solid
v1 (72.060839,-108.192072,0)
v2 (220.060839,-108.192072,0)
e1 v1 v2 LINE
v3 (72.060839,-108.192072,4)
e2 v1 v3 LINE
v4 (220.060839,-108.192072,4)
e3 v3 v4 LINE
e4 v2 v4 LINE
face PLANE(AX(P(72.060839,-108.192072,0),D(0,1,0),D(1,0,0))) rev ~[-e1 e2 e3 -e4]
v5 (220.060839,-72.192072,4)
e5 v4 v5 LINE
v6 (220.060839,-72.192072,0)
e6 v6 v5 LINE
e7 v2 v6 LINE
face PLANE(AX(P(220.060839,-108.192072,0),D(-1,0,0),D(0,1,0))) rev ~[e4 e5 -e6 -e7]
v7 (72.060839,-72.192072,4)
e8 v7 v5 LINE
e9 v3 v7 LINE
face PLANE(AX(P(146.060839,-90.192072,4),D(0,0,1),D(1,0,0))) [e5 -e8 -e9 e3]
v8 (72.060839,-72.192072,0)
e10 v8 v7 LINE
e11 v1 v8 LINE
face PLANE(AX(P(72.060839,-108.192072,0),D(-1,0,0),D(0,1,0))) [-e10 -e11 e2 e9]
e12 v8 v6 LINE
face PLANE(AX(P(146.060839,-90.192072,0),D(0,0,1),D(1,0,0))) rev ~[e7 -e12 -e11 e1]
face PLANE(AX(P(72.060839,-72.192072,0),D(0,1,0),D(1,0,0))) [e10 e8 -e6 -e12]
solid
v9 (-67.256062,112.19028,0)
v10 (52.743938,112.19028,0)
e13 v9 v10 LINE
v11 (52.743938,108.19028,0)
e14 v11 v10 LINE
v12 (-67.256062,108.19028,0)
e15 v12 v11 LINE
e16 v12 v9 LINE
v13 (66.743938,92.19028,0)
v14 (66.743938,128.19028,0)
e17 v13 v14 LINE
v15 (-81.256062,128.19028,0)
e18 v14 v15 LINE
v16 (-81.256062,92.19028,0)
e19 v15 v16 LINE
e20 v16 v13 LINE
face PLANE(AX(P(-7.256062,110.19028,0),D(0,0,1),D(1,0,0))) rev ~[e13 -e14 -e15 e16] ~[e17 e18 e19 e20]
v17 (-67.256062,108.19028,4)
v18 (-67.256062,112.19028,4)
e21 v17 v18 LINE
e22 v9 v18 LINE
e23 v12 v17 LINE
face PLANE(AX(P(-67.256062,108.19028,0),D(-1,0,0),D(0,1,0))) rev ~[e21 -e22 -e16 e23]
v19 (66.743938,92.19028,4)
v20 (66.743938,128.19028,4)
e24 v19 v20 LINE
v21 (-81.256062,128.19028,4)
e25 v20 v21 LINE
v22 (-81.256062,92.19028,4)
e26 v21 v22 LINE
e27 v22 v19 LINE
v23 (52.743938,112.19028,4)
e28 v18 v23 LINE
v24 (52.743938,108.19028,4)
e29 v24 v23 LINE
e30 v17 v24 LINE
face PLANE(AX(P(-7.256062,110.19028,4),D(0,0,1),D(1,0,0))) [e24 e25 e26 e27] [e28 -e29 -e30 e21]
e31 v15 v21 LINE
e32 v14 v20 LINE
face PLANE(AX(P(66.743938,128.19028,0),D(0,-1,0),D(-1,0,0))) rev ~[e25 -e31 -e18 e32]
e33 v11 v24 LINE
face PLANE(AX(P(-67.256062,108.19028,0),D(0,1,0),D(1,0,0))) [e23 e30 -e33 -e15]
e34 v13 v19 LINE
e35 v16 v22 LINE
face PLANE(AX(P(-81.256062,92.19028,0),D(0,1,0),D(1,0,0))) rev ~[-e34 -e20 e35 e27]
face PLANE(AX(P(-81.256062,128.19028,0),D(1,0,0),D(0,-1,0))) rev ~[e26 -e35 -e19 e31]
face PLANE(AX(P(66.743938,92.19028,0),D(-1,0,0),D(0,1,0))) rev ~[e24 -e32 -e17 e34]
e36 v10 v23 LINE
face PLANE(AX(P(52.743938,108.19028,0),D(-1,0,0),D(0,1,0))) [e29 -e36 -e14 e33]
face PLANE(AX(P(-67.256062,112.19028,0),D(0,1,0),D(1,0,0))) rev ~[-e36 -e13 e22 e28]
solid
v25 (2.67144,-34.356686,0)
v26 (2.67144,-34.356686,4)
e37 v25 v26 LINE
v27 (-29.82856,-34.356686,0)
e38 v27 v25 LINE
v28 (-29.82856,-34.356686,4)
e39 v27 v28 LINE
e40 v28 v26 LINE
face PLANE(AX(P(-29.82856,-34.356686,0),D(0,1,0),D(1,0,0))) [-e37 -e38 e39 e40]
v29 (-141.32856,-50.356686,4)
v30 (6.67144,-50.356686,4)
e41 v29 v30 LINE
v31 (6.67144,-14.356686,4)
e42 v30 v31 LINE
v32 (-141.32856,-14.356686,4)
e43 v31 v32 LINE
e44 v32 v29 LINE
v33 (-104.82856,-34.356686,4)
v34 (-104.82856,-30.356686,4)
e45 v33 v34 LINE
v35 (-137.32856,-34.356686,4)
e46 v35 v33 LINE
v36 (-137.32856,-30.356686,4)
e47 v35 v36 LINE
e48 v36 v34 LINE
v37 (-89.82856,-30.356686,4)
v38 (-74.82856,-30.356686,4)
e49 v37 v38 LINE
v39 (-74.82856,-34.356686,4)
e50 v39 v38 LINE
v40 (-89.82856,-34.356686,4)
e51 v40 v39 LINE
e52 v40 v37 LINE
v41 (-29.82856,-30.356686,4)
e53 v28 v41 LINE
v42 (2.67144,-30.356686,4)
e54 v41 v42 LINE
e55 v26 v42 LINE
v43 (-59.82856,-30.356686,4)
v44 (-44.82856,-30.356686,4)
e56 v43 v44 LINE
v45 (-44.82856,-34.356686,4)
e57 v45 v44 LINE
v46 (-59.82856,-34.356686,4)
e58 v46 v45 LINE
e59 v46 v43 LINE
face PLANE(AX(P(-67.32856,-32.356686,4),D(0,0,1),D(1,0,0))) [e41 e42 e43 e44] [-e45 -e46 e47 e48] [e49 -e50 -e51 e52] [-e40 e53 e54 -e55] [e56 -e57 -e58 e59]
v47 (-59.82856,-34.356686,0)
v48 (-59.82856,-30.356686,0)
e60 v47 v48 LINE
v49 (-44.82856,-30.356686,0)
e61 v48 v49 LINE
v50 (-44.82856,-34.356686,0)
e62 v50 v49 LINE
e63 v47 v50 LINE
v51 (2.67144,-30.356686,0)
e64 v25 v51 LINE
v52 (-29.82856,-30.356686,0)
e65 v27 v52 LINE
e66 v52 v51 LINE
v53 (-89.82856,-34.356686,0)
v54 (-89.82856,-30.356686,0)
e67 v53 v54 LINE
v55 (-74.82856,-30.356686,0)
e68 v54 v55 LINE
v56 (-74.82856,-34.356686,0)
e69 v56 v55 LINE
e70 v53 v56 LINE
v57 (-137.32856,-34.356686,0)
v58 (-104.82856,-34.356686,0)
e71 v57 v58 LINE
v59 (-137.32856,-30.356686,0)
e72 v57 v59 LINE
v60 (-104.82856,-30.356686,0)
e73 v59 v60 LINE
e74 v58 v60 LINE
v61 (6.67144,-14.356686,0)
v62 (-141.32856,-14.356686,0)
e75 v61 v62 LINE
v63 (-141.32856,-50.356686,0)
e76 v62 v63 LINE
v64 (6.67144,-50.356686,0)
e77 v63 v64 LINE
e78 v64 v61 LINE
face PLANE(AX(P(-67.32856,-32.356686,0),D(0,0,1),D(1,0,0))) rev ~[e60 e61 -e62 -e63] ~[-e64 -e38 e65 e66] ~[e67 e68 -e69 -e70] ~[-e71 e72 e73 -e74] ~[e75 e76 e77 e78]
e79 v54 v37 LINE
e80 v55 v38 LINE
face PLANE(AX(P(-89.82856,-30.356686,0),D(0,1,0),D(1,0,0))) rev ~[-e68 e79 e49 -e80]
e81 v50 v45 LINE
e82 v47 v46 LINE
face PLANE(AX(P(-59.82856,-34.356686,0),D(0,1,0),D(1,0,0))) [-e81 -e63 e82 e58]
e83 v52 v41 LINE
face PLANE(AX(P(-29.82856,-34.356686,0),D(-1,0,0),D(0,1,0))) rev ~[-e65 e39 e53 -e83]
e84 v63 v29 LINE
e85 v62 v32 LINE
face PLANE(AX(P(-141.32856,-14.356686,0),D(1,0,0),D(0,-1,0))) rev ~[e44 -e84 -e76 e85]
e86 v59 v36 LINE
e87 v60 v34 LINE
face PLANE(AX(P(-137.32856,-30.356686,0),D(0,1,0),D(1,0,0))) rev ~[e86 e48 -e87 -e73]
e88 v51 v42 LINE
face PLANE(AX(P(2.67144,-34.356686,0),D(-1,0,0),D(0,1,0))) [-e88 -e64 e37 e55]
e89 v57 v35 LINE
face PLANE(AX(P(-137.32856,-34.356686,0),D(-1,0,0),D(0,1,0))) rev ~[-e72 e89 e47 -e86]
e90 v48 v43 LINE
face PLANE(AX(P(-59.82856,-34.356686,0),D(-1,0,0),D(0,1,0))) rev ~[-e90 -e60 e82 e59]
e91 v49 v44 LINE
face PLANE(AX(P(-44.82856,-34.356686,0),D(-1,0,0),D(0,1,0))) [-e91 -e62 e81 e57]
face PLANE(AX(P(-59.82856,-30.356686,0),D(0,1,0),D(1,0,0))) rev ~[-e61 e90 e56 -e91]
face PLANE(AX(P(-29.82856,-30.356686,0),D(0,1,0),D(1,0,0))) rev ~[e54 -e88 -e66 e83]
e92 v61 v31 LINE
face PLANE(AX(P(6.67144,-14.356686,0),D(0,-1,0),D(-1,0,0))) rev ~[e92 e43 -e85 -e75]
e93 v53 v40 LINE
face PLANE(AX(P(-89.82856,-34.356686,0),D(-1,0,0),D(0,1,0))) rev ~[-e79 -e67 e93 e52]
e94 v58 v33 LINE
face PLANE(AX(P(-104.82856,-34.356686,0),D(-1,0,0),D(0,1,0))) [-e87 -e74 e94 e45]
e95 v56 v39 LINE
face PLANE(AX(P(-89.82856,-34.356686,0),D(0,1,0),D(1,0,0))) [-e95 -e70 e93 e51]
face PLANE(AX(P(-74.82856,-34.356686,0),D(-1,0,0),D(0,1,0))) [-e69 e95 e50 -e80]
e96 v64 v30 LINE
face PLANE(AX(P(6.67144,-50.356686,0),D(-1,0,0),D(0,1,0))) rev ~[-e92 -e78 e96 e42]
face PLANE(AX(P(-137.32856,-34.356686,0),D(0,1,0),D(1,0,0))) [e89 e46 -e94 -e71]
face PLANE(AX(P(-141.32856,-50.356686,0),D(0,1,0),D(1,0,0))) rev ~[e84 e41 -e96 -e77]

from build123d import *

# Parameters (mm, degrees)
F0_W     = 32.5
F0_H     = 4
F0_W_2   = 15
F1_DEPTH = 4
F2_W     = 120
F2_H     = 4
F3_DEPTH = 4
F4_W     = 148
F4_H     = 36
F5_DEPTH = 4


with BuildPart() as f1:
    # F0 (on Top) → F1 (new body)
    with BuildSketch(Plane.XY):
        Polygon((6.67144, -30.356686), (6.67144, -14.356686), (-141.32856, -14.356686), (-141.32856, -30.356686), (-141.32856, -34.356686), (-141.32856, -50.356686), (6.67144, -50.356686), (6.67144, -34.356686), align=None)
        with Locations((-121.07856, -32.356686)):
            Rectangle(F0_W, F0_H, mode=Mode.SUBTRACT)
        with Locations((-82.32856, -32.356686)):
            Rectangle(F0_W_2, F0_H, mode=Mode.SUBTRACT)
        with Locations((-52.32856, -32.356686)):
            Rectangle(F0_W_2, F0_H, mode=Mode.SUBTRACT)
        with Locations((-13.57856, -32.356686)):
            Rectangle(F0_W, F0_H, mode=Mode.SUBTRACT)
    extrude(amount=F1_DEPTH)


with BuildPart() as f3:
    # F2 (on Top) → F3 (new body)
    with BuildSketch(Plane.XY):
        Polygon((66.743938, 112.19028), (66.743938, 128.19028), (-81.256062, 128.19028), (-81.256062, 112.19028), (-81.256062, 108.19028), (-81.256062, 92.19028), (66.743938, 92.19028), (66.743938, 108.19028), align=None)
        with Locations((-7.256062, 110.19028)):
            Rectangle(F2_W, F2_H, mode=Mode.SUBTRACT)
    extrude(amount=F3_DEPTH)


with BuildPart() as f5:
    # F4 (on Top) → F5 (new body)
    with BuildSketch(Plane.XY):
        with Locations((146.060839, -90.192072)):
            Rectangle(F4_W, F4_H)
    extrude(amount=F5_DEPTH)


solid = Compound([f1.part, f3.part, f5.part])
